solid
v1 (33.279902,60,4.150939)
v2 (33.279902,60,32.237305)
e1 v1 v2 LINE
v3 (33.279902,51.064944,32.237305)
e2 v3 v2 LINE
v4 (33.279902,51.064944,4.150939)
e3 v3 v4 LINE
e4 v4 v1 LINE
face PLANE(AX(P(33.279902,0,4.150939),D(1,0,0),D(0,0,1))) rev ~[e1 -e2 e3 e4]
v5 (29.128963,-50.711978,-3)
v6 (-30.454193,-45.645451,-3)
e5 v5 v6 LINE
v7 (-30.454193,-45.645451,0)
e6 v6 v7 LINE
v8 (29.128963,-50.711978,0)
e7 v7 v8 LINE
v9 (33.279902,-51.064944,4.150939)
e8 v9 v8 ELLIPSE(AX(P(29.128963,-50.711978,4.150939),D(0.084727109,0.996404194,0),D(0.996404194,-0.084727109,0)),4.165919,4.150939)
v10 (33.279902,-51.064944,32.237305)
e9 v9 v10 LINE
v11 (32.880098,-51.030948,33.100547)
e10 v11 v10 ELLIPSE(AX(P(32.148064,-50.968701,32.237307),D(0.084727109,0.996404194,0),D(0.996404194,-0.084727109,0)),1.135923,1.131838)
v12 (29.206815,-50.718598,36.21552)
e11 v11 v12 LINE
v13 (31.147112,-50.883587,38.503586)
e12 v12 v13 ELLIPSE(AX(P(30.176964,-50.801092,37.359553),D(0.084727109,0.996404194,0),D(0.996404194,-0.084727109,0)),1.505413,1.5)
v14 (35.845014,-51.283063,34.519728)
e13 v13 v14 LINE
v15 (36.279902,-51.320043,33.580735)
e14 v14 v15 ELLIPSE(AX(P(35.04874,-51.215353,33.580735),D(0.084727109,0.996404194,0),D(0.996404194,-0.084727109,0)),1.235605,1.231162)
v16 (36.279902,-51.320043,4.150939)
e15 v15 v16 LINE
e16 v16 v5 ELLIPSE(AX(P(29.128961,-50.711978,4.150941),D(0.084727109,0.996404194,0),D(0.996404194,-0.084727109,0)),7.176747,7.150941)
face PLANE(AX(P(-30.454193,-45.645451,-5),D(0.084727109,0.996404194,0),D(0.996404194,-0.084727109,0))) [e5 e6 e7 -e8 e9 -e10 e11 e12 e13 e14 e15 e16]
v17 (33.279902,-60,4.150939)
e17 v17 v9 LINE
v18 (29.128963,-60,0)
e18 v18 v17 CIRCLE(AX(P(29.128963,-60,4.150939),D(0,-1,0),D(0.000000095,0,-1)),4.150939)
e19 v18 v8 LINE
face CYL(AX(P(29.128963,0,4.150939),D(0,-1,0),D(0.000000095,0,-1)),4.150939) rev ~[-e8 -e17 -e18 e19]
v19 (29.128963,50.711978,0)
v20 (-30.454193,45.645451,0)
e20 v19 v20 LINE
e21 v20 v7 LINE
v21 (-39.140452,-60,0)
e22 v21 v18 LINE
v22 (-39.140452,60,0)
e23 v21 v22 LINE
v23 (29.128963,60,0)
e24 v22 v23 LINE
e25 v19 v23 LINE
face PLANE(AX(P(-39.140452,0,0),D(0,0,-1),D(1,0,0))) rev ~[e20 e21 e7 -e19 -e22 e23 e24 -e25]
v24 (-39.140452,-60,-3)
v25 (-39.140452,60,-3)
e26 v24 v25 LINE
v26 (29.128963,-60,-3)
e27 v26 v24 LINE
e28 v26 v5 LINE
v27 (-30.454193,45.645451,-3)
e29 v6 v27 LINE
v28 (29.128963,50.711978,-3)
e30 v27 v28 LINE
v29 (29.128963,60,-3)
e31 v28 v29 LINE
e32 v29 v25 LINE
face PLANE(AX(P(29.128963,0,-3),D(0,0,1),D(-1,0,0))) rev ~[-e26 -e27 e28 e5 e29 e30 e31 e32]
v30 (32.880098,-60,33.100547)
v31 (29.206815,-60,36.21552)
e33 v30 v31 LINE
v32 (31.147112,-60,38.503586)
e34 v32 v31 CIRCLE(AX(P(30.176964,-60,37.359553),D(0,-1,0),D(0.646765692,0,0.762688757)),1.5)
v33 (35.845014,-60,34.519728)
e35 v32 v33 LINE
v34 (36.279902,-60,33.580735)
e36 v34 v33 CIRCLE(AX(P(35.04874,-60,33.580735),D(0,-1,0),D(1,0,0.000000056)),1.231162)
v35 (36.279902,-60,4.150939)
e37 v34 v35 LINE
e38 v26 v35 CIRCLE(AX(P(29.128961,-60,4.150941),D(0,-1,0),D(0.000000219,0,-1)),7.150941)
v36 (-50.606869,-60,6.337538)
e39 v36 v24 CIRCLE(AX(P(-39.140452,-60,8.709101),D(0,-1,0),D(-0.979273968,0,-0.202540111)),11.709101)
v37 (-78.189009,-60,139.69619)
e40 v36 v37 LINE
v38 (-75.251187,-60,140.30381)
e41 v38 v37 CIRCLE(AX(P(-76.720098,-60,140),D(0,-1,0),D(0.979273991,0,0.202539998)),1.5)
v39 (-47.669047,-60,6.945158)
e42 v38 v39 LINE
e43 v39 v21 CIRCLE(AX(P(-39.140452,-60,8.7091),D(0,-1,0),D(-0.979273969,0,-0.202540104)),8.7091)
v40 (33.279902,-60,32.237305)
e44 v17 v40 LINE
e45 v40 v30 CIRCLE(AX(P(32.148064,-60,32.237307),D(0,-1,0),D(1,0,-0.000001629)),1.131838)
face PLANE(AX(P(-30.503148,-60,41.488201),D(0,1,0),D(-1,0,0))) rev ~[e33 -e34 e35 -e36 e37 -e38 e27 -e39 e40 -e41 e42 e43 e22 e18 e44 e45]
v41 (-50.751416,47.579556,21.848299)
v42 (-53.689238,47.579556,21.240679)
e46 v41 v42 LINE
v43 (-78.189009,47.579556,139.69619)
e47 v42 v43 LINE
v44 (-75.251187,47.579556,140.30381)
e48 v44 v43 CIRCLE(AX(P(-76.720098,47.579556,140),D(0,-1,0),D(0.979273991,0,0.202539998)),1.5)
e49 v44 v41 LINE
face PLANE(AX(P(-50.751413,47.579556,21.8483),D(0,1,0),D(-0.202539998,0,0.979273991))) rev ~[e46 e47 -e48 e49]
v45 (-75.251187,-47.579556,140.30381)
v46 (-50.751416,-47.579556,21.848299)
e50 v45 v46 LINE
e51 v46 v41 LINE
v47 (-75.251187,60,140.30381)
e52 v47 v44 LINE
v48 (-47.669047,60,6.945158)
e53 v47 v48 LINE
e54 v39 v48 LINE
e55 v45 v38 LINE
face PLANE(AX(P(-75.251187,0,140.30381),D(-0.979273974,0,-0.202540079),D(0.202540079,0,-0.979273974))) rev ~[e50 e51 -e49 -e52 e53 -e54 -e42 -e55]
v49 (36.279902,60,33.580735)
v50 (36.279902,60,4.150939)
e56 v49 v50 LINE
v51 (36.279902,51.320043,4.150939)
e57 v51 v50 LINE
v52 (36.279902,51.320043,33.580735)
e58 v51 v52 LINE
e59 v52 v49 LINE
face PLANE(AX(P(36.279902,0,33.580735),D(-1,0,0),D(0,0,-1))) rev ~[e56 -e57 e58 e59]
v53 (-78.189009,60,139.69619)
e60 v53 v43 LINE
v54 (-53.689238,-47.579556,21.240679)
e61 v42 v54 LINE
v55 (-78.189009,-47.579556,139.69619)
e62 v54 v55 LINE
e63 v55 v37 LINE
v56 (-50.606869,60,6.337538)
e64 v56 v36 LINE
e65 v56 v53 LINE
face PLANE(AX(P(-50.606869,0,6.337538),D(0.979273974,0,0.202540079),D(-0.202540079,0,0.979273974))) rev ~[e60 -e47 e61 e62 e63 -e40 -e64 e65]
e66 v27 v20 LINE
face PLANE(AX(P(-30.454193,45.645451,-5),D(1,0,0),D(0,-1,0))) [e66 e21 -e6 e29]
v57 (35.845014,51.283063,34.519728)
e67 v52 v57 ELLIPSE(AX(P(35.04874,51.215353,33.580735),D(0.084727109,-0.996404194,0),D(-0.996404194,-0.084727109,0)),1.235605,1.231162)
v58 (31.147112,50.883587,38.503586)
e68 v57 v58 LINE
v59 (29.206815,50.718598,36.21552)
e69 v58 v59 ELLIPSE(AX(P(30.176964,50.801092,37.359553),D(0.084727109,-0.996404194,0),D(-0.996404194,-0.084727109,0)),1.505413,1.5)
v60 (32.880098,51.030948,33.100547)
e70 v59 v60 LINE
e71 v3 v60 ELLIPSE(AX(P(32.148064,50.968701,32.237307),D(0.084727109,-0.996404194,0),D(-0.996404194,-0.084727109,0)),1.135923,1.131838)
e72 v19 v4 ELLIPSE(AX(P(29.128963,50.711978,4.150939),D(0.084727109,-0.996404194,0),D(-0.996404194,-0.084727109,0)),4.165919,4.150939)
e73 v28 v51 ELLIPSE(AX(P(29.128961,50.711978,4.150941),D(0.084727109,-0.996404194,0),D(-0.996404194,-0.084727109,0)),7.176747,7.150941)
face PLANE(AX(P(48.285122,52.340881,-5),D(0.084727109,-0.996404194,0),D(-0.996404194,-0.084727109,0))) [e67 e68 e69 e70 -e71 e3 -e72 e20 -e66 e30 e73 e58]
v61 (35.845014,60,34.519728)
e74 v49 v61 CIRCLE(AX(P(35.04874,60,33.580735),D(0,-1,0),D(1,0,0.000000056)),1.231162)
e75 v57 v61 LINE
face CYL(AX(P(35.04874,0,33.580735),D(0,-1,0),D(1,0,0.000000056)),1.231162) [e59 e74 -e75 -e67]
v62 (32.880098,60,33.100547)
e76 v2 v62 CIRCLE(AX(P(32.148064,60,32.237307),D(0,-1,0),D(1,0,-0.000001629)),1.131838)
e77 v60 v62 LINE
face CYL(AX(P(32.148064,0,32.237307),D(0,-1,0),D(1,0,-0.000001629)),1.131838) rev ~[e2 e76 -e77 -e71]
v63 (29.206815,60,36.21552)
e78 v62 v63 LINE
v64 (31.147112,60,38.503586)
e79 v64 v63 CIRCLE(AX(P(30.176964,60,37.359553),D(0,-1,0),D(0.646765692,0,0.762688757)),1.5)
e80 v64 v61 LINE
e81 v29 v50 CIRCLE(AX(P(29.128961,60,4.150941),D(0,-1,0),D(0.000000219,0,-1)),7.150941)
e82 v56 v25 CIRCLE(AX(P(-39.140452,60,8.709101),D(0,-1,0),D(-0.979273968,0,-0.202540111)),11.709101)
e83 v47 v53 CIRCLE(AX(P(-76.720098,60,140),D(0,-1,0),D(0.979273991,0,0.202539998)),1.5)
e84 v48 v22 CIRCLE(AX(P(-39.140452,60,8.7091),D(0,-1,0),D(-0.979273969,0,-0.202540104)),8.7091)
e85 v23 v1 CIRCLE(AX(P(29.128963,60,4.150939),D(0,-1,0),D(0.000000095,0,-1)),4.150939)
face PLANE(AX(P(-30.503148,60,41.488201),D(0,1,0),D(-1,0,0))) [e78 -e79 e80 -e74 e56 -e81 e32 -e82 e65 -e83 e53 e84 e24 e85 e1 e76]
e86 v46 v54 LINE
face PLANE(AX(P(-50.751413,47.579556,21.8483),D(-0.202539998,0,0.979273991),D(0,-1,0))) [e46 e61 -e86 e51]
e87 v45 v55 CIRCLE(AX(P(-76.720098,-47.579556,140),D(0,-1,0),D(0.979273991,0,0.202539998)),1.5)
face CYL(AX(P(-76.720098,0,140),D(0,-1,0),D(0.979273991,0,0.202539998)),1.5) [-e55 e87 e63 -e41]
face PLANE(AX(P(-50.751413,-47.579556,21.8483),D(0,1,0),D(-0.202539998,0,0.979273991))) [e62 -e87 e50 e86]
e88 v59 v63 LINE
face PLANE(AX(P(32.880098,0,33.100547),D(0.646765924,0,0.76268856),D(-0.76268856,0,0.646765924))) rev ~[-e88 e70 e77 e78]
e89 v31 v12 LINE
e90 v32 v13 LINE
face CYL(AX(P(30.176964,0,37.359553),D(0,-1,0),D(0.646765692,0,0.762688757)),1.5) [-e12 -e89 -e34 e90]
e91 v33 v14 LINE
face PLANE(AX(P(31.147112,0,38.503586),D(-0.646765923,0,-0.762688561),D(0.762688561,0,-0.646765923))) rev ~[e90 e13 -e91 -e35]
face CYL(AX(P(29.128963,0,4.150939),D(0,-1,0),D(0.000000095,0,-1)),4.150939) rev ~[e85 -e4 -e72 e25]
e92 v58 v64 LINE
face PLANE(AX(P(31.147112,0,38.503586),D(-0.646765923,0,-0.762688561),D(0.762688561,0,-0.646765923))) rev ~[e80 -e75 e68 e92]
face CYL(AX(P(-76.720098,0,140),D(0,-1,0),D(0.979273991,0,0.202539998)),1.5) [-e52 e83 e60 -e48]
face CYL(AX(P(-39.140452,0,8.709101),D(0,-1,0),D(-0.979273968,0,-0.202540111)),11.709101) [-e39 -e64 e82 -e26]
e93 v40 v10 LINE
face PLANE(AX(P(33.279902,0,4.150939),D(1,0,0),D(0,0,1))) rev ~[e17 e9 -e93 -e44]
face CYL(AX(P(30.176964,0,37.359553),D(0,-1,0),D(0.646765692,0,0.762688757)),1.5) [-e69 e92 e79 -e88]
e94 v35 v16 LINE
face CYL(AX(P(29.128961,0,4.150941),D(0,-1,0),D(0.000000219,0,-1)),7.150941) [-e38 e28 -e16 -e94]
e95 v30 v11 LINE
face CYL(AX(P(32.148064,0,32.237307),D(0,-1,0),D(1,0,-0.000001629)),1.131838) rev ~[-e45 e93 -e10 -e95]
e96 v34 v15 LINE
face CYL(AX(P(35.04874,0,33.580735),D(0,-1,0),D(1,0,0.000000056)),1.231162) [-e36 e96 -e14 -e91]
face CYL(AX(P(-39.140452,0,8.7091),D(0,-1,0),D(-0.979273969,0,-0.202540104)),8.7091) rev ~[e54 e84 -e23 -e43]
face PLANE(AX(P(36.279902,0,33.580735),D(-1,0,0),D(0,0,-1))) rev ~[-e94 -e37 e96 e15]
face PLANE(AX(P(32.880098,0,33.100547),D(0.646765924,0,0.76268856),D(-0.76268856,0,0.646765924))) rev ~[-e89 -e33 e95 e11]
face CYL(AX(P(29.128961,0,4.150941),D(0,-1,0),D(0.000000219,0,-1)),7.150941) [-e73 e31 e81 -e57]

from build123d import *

# Parameters (mm, degrees)
PAD_DEPTH       = 60
POCKET_DEPTH    = 146.501
SKETCH002_W     = 132.291259
SKETCH002_H     = 95.159112
POCKET001_DEPTH = 5


with BuildPart() as part:
    # Sketch → Pad (new body, symmetric)
    with BuildSketch(Plane.XZ):
        with BuildLine():
            Line((-75.251187, 140.30381), (-47.669047, 6.945158))
            ThreePointArc((-47.669047, 6.945158), (-44.639819, 1.955924), (-39.140452, 0))
            Line((-39.140452, 0), (29.128963, 0))
            ThreePointArc((29.128963, 0), (32.06412, 1.215782), (33.279902, 4.150939))
            Line((33.279902, 4.150939), (33.279902, 32.237305))
            ThreePointArc((33.279902, 32.237305), (33.175099, 32.712971), (32.880098, 33.100547))
            Line((32.880098, 33.100547), (29.206815, 36.21552))
            ThreePointArc((31.147112, 38.503586), (29.032931, 38.329702), (29.206815, 36.21552))
            Line((31.147112, 38.503586), (35.845014, 34.519728))
            ThreePointArc((36.279902, 33.580735), (36.165902, 34.098141), (35.845014, 34.519728))
            Line((36.279902, 33.580735), (36.279902, 4.150939))
            ThreePointArc((29.128963, -3), (34.18544, -0.905538), (36.279902, 4.150939))
            Line((29.128963, -3), (-39.140452, -3))
            ThreePointArc((-50.606869, 6.337538), (-46.534171, -0.370324), (-39.140452, -3))
            Line((-50.606869, 6.337538), (-78.189009, 139.69619))
            ThreePointArc((-75.251187, 140.30381), (-77.023908, 141.468911), (-78.189009, 139.69619))
        make_face()
    extrude(amount=PAD_DEPTH, both=True)

    # Sketch001 → Pocket (cut, through all)
    with BuildSketch(Plane.XY.offset(-5)):
        Polygon((-30.454193, 45.645451), (-30.454193, -45.645451), (48.285122, -52.340881), (48.285122, 52.340881), align=None)
    extrude(amount=POCKET_DEPTH, mode=Mode.SUBTRACT)

    # Sketch002 (on Face7 of Pocket) → Pocket001 (cut)
    with BuildSketch(Plane(origin=(-44.336026, 0, -9.169877), x_dir=(-0.20254, 0, 0.979274), z_dir=(0.979274, 0, 0.20254))):
        with Locations((97.820296, 0)):
            Rectangle(SKETCH002_W, SKETCH002_H)
    extrude(amount=-POCKET001_DEPTH, mode=Mode.SUBTRACT)


solid = part.part
